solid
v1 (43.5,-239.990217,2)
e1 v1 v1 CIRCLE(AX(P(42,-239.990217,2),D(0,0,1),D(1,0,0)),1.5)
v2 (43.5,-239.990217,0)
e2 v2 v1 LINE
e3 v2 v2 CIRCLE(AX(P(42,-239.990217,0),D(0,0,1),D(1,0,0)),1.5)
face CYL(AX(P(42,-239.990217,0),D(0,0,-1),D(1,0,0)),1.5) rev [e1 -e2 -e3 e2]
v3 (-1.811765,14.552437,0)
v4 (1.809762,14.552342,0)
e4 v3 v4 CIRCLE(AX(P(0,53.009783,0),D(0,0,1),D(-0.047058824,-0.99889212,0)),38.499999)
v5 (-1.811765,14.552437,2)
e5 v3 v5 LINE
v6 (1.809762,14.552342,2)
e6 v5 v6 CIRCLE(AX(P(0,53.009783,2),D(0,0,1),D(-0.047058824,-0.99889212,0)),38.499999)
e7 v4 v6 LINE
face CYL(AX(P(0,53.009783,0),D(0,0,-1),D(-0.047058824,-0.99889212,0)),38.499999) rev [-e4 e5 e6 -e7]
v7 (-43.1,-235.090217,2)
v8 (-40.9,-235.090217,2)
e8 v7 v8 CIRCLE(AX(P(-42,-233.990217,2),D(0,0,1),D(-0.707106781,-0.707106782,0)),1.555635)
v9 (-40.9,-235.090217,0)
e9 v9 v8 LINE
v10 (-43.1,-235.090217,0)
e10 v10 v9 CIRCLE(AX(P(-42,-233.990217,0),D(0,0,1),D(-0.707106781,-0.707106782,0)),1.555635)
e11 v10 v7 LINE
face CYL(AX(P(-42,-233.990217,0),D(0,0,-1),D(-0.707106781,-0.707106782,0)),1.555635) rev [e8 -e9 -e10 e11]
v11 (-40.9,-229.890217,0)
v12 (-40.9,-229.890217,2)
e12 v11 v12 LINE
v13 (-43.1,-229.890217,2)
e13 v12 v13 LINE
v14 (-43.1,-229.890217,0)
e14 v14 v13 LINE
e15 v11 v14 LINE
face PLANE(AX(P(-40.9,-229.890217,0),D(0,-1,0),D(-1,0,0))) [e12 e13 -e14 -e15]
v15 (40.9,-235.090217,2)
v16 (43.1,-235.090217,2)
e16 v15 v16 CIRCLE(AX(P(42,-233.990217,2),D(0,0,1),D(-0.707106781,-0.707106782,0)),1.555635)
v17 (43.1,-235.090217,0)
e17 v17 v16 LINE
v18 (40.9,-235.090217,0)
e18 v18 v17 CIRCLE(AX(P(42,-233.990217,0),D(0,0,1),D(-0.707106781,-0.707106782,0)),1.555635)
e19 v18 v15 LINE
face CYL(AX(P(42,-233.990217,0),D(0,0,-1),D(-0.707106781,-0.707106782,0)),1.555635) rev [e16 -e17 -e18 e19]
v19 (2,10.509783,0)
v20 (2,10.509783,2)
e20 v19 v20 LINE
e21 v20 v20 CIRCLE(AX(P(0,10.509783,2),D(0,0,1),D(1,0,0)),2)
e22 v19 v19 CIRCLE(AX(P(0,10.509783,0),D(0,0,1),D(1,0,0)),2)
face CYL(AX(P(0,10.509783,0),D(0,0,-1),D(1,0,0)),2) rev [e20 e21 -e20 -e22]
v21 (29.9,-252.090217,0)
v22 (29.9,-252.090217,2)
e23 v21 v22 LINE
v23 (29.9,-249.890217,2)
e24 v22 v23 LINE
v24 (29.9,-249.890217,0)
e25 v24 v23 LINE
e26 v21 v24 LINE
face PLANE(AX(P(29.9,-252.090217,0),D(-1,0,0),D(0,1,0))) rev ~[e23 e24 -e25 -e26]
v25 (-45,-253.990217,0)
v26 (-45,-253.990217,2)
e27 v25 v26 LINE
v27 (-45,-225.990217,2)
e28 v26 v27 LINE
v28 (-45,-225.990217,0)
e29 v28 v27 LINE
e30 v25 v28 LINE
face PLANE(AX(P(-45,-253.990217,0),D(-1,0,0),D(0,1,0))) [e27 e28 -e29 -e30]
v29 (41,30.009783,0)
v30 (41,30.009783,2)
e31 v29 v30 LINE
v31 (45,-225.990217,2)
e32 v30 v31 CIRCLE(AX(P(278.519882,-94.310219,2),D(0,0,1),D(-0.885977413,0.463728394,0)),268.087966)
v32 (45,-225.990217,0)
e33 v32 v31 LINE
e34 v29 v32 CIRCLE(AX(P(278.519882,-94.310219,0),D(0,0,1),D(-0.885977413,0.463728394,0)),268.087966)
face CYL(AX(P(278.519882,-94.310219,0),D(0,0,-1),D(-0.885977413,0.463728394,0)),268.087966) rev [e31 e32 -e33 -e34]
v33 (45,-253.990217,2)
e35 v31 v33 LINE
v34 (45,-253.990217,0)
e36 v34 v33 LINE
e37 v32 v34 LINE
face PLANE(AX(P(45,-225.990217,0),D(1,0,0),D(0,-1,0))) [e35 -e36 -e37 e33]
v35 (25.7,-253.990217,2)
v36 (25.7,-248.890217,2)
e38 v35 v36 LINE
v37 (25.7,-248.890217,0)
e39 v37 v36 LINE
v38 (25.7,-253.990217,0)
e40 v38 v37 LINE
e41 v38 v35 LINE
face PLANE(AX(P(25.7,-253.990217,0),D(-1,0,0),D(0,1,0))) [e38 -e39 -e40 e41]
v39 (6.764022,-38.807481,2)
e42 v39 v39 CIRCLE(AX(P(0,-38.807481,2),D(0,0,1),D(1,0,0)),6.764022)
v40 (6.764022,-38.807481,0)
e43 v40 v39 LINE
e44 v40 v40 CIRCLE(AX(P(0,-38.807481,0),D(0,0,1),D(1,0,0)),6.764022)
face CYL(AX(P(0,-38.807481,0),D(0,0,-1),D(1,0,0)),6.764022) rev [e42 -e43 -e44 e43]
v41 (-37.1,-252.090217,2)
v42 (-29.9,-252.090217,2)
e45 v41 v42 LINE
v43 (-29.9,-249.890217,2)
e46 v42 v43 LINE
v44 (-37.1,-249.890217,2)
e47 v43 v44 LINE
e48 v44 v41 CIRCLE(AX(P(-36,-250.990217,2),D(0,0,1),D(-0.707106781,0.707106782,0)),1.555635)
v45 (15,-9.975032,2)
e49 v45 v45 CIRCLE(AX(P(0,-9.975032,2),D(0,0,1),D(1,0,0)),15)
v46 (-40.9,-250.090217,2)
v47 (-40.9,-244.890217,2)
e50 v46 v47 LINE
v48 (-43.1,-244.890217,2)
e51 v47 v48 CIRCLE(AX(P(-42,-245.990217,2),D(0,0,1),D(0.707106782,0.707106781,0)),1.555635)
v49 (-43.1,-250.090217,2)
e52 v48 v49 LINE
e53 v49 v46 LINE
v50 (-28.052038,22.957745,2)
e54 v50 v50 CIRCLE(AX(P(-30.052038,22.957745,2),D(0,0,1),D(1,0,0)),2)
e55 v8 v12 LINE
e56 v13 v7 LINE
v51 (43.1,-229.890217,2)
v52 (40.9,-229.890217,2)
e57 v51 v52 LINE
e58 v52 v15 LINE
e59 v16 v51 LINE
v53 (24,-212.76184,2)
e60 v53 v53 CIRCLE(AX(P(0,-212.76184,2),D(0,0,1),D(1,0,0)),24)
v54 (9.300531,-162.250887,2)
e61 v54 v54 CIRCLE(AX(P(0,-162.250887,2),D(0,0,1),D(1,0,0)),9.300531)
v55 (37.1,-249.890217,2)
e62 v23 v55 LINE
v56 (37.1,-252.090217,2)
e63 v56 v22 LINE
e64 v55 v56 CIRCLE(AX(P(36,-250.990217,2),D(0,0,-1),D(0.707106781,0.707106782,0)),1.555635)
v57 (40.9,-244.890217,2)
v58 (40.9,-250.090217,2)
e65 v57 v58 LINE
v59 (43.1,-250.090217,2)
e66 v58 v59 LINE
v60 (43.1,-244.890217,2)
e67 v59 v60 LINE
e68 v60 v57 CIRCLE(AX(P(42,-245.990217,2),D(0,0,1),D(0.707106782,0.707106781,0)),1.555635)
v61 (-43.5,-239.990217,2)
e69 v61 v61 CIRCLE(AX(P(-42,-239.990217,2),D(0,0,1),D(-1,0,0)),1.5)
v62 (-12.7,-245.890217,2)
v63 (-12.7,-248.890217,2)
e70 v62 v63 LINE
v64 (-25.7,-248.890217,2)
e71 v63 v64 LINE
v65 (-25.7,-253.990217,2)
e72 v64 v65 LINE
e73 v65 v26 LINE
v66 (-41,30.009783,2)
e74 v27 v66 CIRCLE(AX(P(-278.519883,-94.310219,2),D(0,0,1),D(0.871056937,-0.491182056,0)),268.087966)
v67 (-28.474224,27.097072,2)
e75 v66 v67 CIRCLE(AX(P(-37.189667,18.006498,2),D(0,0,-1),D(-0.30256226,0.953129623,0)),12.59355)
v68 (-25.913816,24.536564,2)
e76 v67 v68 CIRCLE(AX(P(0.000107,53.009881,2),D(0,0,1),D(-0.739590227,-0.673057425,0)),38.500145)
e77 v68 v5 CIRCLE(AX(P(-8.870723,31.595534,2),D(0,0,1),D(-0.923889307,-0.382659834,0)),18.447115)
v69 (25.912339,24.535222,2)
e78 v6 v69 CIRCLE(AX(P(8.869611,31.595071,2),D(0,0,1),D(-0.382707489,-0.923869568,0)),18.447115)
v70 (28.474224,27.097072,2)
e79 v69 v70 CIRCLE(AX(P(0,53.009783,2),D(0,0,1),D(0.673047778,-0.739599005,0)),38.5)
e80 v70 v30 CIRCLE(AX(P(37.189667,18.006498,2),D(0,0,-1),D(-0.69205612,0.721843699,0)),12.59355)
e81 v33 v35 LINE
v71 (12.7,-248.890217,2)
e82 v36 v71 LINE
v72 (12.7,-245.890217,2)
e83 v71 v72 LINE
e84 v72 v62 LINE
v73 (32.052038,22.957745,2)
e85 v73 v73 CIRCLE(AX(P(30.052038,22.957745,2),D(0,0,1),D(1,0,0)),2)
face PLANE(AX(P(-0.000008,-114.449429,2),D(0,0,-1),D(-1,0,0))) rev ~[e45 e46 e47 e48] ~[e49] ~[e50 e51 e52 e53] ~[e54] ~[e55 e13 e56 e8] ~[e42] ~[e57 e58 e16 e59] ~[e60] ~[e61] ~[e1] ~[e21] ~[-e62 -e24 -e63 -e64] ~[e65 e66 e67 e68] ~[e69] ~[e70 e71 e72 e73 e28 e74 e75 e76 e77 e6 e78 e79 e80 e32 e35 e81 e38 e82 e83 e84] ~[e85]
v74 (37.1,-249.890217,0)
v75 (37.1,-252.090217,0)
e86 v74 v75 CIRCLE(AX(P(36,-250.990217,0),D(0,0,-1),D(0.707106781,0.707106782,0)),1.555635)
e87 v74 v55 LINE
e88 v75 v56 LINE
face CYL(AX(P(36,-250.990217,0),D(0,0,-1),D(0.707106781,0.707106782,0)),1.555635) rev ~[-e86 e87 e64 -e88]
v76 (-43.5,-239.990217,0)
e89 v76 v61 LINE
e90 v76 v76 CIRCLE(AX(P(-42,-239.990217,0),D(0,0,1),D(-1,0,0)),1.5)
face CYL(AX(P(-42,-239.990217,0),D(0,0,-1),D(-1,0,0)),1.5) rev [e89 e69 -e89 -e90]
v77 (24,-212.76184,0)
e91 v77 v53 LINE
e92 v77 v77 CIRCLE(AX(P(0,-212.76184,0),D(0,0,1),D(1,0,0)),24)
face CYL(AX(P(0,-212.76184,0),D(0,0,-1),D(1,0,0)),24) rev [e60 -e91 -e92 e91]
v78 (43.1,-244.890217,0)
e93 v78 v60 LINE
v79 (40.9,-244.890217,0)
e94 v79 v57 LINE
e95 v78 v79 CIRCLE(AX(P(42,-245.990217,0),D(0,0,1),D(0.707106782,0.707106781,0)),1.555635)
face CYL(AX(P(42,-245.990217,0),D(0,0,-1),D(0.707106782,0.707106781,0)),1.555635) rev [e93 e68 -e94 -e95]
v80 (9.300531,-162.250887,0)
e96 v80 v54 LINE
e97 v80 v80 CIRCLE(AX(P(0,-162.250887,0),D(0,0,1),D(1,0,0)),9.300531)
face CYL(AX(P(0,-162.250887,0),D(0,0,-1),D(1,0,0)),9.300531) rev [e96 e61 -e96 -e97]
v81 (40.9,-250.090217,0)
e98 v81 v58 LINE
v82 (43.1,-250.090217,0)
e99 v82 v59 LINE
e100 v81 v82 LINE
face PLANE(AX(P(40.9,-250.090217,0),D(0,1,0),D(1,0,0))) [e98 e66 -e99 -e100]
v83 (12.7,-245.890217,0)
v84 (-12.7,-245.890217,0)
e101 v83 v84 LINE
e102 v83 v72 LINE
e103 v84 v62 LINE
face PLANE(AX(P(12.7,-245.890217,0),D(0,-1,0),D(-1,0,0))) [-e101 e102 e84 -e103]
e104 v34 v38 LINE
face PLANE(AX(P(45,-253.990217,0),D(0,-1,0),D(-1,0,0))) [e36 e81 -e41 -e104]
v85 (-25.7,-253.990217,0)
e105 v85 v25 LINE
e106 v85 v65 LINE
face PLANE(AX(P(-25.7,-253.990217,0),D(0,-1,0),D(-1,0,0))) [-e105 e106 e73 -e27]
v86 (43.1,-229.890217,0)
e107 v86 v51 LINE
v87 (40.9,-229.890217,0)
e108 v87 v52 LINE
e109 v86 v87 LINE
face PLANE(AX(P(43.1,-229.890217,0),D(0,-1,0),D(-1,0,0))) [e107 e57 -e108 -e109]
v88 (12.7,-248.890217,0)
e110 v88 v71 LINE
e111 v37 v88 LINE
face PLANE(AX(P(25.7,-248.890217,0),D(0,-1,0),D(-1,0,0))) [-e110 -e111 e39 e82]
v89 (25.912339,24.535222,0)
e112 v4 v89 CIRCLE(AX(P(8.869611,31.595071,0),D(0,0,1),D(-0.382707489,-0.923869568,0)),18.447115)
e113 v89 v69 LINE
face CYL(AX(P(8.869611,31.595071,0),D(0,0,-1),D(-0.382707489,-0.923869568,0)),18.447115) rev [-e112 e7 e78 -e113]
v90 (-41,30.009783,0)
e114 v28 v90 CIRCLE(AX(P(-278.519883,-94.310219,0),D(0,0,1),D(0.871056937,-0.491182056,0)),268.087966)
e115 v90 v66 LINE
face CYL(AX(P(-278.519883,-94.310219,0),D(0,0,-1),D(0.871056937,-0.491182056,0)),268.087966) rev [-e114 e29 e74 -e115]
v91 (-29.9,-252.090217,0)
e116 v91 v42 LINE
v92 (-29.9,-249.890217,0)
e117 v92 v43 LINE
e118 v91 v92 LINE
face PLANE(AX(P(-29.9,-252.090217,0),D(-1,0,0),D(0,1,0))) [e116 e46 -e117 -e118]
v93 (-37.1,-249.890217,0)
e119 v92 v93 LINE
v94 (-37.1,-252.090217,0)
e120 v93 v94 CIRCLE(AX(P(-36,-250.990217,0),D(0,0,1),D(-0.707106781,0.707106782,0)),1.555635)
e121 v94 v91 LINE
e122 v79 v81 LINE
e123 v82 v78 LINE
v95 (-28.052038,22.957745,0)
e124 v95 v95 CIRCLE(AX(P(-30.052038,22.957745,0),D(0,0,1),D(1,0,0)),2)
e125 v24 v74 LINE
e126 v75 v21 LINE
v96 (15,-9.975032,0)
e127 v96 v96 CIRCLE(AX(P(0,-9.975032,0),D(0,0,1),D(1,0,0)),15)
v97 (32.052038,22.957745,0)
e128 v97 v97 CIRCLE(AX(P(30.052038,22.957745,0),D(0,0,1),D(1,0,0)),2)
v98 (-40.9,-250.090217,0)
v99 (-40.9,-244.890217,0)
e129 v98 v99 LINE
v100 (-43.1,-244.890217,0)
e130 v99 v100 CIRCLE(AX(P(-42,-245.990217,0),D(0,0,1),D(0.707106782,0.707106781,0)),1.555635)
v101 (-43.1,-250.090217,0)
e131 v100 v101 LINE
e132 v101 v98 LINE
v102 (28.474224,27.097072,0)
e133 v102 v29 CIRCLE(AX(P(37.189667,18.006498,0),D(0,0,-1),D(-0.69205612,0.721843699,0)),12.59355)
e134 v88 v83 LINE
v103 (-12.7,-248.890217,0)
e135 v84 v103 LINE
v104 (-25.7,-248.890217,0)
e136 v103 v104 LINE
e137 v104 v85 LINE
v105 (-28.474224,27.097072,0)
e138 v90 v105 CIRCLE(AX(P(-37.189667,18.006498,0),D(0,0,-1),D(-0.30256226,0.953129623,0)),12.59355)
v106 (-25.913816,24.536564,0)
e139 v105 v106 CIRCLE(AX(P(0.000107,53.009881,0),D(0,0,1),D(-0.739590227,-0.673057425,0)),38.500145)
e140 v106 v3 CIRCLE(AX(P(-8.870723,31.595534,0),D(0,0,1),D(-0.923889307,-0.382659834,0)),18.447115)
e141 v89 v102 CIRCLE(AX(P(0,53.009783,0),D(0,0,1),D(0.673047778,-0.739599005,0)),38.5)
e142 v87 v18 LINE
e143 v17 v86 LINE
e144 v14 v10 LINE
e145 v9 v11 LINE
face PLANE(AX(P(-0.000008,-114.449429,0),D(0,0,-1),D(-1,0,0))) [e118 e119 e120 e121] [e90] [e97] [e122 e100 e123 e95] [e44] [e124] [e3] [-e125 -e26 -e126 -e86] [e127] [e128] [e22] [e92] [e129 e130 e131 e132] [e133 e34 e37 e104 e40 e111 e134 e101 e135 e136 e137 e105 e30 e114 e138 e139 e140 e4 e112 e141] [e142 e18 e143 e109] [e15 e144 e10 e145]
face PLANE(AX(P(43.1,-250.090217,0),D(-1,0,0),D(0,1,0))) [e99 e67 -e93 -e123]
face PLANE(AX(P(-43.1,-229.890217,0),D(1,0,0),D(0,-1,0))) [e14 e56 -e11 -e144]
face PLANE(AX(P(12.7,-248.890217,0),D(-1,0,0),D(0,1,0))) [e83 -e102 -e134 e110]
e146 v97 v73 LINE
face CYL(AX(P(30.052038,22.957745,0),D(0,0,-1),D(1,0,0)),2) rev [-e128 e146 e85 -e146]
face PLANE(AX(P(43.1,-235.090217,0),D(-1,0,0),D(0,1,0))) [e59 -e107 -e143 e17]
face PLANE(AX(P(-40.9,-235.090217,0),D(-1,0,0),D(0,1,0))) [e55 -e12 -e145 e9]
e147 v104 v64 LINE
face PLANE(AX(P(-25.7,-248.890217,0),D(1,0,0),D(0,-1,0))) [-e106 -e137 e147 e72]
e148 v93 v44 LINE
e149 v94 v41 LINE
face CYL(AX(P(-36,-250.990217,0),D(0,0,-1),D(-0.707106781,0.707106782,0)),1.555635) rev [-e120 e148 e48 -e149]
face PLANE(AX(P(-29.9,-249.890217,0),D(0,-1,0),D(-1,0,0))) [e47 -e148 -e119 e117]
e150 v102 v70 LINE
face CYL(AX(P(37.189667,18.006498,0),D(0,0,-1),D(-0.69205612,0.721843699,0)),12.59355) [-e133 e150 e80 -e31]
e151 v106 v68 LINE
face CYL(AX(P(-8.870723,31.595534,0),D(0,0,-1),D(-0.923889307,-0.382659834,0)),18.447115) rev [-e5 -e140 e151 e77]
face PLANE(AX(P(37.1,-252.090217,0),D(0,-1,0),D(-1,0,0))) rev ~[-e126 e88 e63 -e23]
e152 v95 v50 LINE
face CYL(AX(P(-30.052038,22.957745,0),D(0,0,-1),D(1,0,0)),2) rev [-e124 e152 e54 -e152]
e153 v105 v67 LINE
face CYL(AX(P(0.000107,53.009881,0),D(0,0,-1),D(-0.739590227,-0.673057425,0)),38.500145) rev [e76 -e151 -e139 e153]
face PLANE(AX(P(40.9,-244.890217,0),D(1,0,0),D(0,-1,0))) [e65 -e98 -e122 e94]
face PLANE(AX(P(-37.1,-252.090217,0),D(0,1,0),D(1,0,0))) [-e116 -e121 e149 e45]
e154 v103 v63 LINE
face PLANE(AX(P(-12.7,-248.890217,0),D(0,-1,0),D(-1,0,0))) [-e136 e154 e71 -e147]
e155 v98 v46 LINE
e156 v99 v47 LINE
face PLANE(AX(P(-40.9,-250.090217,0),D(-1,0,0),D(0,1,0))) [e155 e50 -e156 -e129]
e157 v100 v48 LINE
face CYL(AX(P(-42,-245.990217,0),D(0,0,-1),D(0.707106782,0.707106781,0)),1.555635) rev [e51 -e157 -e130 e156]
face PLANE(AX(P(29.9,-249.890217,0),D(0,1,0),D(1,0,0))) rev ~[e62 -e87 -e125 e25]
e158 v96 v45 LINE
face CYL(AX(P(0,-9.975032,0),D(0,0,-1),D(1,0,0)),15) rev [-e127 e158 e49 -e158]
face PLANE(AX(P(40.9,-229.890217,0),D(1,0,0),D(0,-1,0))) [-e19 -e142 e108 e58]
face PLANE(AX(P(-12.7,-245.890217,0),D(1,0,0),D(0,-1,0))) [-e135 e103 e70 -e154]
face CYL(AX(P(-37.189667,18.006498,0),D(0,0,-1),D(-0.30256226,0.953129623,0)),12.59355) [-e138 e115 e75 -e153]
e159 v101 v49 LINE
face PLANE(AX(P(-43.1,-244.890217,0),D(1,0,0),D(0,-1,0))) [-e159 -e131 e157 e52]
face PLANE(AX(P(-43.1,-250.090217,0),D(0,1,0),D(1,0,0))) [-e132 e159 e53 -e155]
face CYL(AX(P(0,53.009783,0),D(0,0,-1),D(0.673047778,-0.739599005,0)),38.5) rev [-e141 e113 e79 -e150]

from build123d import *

# Parameters (mm, degrees)
SKETCH_3_R      = 2
SKETCH_3_R_2    = 1.5
SKETCH_3_R_3    = 24
SKETCH_3_R_4    = 15
SKETCH_3_R_5    = 9.300530536
SKETCH_3_R_6    = 6.764022208
EXTRUDE_1_DEPTH = 2


with BuildPart() as part:
    # 草图3 → 凸台-拉伸1 (new body)
    with BuildSketch(Plane.XY):
        with BuildLine():
            Line((-45.000000203, -253.990216873), (-45.000000203, -225.990216873))
            ThreePointArc((-45.000000203, -225.990216873), (-10.464636425, -98.498581931), (-41.000000203, 30.00978313))
            ThreePointArc((-41.000000203, 30.00978313), (-34.337300158, 30.272772604), (-28.47422393, 27.097072286))
            ThreePointArc((-28.47422393, 27.097072286), (-27.224139288, 25.786699845), (-25.913815771, 24.536563921))
            ThreePointArc((-25.913815771, 24.536563921), (-15.930569702, 14.552804479), (-1.811764705, 14.5524367))
            ThreePointArc((-1.811764705, 14.5524367), (-0.001002499, 14.509783327), (1.809761926, 14.552342399))
            ThreePointArc((1.809761926, 14.552342399), (15.928572681, 14.55197476), (25.912339468, 24.535221628))
            ThreePointArc((25.912339468, 24.535221628), (27.223433456, 25.78599462), (28.474223558, 27.097072286))
            ThreePointArc((28.474223558, 27.097072286), (34.337299786, 30.272772604), (40.999999832, 30.00978313))
            ThreePointArc((40.999999832, 30.00978313), (10.464636053, -98.498581931), (44.999999832, -225.990216873))
            Line((44.999999832, -225.990216873), (44.999999832, -253.990216873))
            Line((44.999999832, -253.990216873), (40.999999832, -253.990216873))
            Line((40.999999832, -253.990216873), (25.699999832, -253.990216873))
            Line((25.699999832, -253.990216873), (25.699999832, -249.890216873))
            Line((25.699999832, -249.890216873), (25.699999832, -248.890216873))
            Line((25.699999832, -248.890216873), (12.699999797, -248.890216873))
            Line((12.699999797, -248.890216873), (12.699999797, -245.890216873))
            Line((12.699999797, -245.890216873), (-12.700000168, -245.890216873))
            Line((-12.700000168, -245.890216873), (-12.700000168, -248.890216873))
            Line((-12.700000168, -248.890216873), (-25.700000203, -248.890216873))
            Line((-25.700000203, -248.890216873), (-25.700000203, -249.890216873))
            Line((-25.700000203, -249.890216873), (-25.700000203, -253.990216873))
            Line((-25.700000203, -253.990216873), (-41.000000203, -253.990216873))
            Line((-41.000000203, -253.990216873), (-42, -253.990216873))
            Line((-42, -253.990216873), (-44.000000203, -253.990216873))
            Line((-44.000000203, -253.990216873), (-45.000000203, -253.990216873))
        make_face()
        with Locations((0, 10.509783315)):
            Circle(SKETCH_3_R, mode=Mode.SUBTRACT)
        with Locations((-30.0520382, 22.957745114)):
            Circle(SKETCH_3_R, mode=Mode.SUBTRACT)
        with Locations((30.0520382, 22.957745114)):
            Circle(SKETCH_3_R, mode=Mode.SUBTRACT)
        with Locations((41.999999628, -239.990216688)):
            Circle(SKETCH_3_R_2, mode=Mode.SUBTRACT)
        with Locations(Location((-42, -239.990216688, 0), (0, 0, 180))):
            Circle(SKETCH_3_R_2, mode=Mode.SUBTRACT)
        with Locations((0, -212.7618397)):
            Circle(SKETCH_3_R_3, mode=Mode.SUBTRACT)
        with Locations((0, -9.975031617)):
            Circle(SKETCH_3_R_4, mode=Mode.SUBTRACT)
        with Locations((0, -162.250886598)):
            Circle(SKETCH_3_R_5, mode=Mode.SUBTRACT)
        with Locations((0, -38.807481302)):
            Circle(SKETCH_3_R_6, mode=Mode.SUBTRACT)
        with BuildLine():
            Line((-37.1, -252.090216688), (-29.9, -252.090216688))
            Line((-29.9, -252.090216688), (-29.9, -249.890216688))
            Line((-29.9, -249.890216688), (-37.1, -249.890216688))
            ThreePointArc((-37.1, -249.890216688), (-37.555634919, -250.990216688), (-37.1, -252.090216688))
        make_face(mode=Mode.SUBTRACT)
        with BuildLine():
            Line((29.9, -252.090216688), (29.9, -249.890216688))
            Line((29.9, -249.890216688), (37.1, -249.890216688))
            ThreePointArc((37.1, -249.890216688), (37.555634919, -250.990216688), (37.1, -252.090216688))
            Line((37.1, -252.090216688), (29.9, -252.090216688))
        make_face(mode=Mode.SUBTRACT)
        with BuildLine():
            Line((-43.1, -244.890216688), (-43.1, -250.090216688))
            Line((-43.1, -250.090216688), (-40.9, -250.090216688))
            Line((-40.9, -250.090216688), (-40.9, -244.890216688))
            ThreePointArc((-40.9, -244.890216688), (-42, -244.434581769), (-43.1, -244.890216688))
        make_face(mode=Mode.SUBTRACT)
        with BuildLine():
            Line((-43.1, -229.890216688), (-43.1, -235.090216688))
            ThreePointArc((-43.1, -235.090216688), (-42, -235.545851606), (-40.9, -235.090216688))
            Line((-40.9, -235.090216688), (-40.9, -229.890216688))
            Line((-40.9, -229.890216688), (-43.1, -229.890216688))
        make_face(mode=Mode.SUBTRACT)
        with BuildLine():
            Line((40.899999628, -229.890216688), (40.899999628, -235.090216688))
            ThreePointArc((40.899999628, -235.090216688), (41.999999628, -235.545851606), (43.099999628, -235.090216688))
            Line((43.099999628, -235.090216688), (43.099999628, -229.890216688))
            Line((43.099999628, -229.890216688), (40.899999628, -229.890216688))
        make_face(mode=Mode.SUBTRACT)
        with BuildLine():
            Line((40.899999628, -244.890216688), (40.899999628, -250.090216688))
            Line((40.899999628, -250.090216688), (43.099999628, -250.090216688))
            Line((43.099999628, -250.090216688), (43.099999628, -244.890216688))
            ThreePointArc((43.099999628, -244.890216688), (41.999999628, -244.434581769), (40.899999628, -244.890216688))
        make_face(mode=Mode.SUBTRACT)
    extrude(amount=EXTRUDE_1_DEPTH)


solid = part.part
